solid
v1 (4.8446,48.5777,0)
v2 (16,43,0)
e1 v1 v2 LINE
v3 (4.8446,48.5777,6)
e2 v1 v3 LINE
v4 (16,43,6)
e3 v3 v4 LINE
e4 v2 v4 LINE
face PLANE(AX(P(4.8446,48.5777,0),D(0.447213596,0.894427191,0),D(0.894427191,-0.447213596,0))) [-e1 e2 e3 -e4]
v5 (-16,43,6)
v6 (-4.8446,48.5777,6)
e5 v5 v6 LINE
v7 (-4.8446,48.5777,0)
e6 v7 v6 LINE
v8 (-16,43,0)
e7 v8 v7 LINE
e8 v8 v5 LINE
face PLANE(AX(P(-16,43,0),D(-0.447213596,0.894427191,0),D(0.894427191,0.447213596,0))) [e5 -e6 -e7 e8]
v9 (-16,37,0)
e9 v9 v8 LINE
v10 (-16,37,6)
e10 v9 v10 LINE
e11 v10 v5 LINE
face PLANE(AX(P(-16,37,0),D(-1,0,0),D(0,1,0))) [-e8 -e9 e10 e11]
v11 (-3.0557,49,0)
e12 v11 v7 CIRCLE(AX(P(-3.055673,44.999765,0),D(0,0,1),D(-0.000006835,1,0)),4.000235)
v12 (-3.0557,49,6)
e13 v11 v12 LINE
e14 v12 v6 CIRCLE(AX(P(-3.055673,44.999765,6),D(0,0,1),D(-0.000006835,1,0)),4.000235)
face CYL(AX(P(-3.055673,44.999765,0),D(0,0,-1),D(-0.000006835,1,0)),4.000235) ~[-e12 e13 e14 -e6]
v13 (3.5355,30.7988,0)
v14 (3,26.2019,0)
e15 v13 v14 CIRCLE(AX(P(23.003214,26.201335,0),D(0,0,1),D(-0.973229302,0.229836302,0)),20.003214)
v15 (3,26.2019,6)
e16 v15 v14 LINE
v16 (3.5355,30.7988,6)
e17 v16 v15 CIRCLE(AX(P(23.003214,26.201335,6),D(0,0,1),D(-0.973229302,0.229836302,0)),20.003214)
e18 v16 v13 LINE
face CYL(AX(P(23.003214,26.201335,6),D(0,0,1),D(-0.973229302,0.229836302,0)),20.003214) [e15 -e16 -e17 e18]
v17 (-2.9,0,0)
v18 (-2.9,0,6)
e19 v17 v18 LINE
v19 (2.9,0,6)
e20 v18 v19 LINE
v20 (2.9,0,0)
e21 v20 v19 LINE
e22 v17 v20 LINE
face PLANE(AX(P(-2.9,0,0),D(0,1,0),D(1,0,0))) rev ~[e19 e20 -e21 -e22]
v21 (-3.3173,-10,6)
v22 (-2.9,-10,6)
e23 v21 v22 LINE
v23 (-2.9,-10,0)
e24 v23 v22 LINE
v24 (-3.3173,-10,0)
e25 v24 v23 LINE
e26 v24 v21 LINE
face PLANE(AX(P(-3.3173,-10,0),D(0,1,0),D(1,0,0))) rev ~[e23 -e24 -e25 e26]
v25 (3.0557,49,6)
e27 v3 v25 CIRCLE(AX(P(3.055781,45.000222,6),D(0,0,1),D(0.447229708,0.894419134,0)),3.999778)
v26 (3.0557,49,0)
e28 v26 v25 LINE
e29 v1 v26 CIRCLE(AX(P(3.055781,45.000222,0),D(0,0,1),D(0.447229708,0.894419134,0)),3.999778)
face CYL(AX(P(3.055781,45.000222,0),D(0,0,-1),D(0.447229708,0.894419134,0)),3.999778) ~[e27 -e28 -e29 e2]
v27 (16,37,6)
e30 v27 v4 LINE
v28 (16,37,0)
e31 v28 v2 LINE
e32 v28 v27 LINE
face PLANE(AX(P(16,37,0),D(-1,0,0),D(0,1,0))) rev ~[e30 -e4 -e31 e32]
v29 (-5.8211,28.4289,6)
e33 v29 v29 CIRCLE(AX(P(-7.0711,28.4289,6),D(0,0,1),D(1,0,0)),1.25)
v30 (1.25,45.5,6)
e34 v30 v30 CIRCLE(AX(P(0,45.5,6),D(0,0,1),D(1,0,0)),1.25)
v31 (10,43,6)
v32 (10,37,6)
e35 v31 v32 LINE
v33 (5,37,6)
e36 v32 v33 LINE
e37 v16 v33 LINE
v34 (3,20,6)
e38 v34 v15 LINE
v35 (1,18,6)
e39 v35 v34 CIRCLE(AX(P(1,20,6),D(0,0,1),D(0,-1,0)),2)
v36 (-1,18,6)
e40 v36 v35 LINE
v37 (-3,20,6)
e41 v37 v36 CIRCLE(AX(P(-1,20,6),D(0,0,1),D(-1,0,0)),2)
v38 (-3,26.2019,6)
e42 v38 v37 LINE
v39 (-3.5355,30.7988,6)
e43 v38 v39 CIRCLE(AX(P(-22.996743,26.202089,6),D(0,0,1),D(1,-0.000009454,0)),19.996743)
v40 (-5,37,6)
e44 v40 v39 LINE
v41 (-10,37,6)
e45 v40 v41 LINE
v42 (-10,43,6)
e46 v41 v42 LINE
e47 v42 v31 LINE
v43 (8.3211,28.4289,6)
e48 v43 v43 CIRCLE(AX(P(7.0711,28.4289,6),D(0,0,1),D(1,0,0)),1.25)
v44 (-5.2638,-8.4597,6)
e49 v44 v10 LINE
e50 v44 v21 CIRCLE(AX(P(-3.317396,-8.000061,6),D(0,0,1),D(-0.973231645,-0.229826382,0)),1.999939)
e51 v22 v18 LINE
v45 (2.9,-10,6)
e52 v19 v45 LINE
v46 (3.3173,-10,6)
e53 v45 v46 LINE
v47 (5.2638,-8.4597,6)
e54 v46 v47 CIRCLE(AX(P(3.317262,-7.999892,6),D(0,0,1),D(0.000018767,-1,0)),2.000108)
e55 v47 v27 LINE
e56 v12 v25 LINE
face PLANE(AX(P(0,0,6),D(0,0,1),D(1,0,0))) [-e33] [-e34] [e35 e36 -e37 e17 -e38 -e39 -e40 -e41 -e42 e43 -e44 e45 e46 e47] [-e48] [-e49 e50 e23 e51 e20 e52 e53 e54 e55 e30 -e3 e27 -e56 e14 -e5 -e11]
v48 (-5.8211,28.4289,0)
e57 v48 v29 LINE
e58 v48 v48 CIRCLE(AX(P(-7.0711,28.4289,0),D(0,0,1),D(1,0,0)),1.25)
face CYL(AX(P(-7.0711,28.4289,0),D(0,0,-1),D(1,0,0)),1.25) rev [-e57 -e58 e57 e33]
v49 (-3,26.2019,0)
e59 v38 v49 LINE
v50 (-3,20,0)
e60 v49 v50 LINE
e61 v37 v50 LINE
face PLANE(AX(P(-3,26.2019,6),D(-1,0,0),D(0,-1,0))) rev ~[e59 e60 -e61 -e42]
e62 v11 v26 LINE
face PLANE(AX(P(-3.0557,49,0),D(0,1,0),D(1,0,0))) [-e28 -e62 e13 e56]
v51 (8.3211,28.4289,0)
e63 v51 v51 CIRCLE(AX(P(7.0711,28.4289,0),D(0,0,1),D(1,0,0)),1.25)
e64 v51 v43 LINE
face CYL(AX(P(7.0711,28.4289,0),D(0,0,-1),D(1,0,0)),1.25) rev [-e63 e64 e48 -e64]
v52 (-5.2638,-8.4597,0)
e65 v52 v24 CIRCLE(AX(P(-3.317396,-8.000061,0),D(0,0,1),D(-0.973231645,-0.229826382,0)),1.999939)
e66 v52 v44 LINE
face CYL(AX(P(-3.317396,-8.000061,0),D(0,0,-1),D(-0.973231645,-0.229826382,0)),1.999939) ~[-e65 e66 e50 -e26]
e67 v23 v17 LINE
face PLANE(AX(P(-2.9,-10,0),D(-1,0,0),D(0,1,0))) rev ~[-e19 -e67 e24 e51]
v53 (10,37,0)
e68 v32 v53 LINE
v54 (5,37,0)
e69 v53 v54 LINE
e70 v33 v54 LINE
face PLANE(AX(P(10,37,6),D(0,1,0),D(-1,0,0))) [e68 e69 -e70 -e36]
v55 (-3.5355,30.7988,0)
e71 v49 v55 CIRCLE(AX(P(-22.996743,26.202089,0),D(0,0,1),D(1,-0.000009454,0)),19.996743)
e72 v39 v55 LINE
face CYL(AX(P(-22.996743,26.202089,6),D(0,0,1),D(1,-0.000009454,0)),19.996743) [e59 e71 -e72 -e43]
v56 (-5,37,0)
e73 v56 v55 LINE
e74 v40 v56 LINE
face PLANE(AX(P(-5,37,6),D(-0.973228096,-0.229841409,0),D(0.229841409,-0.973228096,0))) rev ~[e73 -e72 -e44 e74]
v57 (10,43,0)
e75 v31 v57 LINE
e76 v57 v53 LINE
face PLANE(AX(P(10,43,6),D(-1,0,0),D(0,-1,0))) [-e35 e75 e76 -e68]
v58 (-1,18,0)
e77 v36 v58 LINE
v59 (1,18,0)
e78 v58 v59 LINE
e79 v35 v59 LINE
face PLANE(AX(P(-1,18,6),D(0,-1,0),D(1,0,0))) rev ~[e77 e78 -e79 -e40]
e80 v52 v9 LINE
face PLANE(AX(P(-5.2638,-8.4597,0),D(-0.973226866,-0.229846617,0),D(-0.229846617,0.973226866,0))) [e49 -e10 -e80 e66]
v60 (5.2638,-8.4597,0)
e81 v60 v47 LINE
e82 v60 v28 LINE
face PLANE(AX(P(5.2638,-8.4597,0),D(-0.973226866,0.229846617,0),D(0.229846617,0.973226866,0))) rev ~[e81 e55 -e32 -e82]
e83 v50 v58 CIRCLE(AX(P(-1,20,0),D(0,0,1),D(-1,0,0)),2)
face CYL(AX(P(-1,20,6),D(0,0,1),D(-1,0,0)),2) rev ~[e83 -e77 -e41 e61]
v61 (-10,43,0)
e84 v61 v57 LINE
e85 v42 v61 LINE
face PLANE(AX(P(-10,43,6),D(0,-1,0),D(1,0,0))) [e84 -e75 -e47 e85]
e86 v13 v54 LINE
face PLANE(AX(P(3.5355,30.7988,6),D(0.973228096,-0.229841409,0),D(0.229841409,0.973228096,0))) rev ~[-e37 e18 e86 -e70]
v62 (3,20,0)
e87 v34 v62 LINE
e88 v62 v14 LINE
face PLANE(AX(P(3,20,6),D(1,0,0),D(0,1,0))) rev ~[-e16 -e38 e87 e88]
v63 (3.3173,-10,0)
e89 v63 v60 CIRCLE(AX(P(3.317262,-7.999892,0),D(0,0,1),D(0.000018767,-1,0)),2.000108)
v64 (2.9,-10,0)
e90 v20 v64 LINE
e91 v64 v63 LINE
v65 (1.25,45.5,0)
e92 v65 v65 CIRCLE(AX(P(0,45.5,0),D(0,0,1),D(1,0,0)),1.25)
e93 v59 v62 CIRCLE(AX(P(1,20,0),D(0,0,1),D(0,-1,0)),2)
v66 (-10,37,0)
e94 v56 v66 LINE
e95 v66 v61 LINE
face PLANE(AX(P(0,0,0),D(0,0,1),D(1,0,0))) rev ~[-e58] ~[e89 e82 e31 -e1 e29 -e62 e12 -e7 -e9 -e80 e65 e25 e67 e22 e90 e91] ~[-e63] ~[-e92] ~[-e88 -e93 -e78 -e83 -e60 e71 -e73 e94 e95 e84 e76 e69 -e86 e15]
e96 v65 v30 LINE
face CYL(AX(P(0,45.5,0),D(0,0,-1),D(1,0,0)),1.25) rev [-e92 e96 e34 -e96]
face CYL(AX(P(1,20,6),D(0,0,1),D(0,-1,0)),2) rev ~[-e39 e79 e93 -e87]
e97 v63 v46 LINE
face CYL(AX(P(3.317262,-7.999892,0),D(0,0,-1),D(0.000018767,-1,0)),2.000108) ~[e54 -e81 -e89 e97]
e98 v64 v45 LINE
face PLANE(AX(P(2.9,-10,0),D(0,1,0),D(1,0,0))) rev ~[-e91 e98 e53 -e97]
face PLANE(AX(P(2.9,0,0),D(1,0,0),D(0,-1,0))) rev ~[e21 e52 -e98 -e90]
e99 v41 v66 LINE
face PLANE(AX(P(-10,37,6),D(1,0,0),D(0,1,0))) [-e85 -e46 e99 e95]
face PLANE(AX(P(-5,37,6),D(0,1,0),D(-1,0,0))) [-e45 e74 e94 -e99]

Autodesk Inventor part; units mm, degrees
ref_plane "YZ Plane" through (0, 0, 0) normal (1, 0, 0) x (0, 1, 0)
ref_plane "XZ Plane" through (0, 0, 0) normal (0, 1, 0) x (-1, 0, 0)
ref_plane "XY Plane" through (0, 0, 0) normal (0, 0, 1) x (1, 0, 0)
sketch "Sketch1" plane through (0, 0, 0) normal (0, 0, 1) x (1, 0, 0)
  circle A0 centre (0, 35.5) radius 10 construction
  line L0 (-2.9, -10) -> (-2.9, 0)
  line L1 (-2.9, 0) -> (2.9, 0)
  line L2 (2.9, 0) -> (2.9, -10)
  line L3 (-3.3173, -10) -> (-2.9, -10)
  line L4 (2.9, -10) -> (3.3173, -10)
  circle A1 centre (-7.0711, 28.4289) radius 1.25
  circle A2 centre (7.0711, 28.4289) radius 1.25
  circle A3 centre (0, 45.5) radius 1.25
  line L5 (-16, 37) -> (-16, 43)
  line L6 (16, 37) -> (16, 43)
  line L7 (-5.2638, -8.4597) -> (-16, 37)
  line L8 (5.2638, -8.4597) -> (16, 37)
  line L9 (-16, 43) -> (-4.8446, 48.5777)
  line L10 (-3.0557, 49) -> (3.0557, 49)
  line L11 (4.8446, 48.5777) -> (16, 43)
  arc A4 (-3.0557, 49) -> (-4.8446, 48.5777) centre (-3.0557, 45) ccw
  arc A5 (4.8446, 48.5777) -> (3.0557, 49) centre (3.0557, 45) ccw
  line L12 (0, 49) -> (0, 0) construction
  line L13 (-7.0711, 28.4289) -> (0, 35.5) construction
  line L14 (0, 35.5) -> (7.0711, 28.4289) construction
  arc A6 (-5.2638, -8.4597) -> (-3.3173, -10) centre (-3.3173, -8) ccw
  arc A7 (3.3173, -10) -> (5.2638, -8.4597) centre (3.3173, -8) ccw
  point P0 (0, 43)
  point P1 (4.9, -10)
  point P2 (-4.9, -10)
  point P3 (0, 43)
  point P4 (-4, 49)
  point P5 (4, 49)
  dimension "d69" = 20
  dimension "d88" = 5.8
  dimension "d95" = 2
  dimension "d96" = 2
  dimension "d97" = 10
  dimension "d98" = 10
  dimension "d109" = 43
  dimension "d112" = 2.5
  dimension "d113" = 2.5
  dimension "d114" = 2.5
  dimension "d123" = 32
  dimension "d126" = 8
  dimension "d127" = 4
  dimension "d144" = 16
  dimension "d145" = 35.5
  dimension "d153" = 6
  dimension "d155" = 6
  dimension "d156" = 135
  dimension "d163" = 2
extrude "Extrusion7" add sketch "Sketch1" along normal blind 6
sketch "Sketch3" plane through (0, 0, 6) normal (0, 0, 1) x (1, 0, 0)
  line L0 (16, 37) -> (16, 43) projected
  line L1 (-16, 43) -> (-16, 37) projected
  line L2 (-10, 43) -> (10, 43)
  line L3 (10, 43) -> (10, 37)
  line L4 (-10, 37) -> (-10, 43)
  line L5 (10, 37) -> (5, 37)
  line L6 (-5, 37) -> (-10, 37)
  line L7 (5.2638, -8.4597) -> (16, 37) projected
  line L8 (-16, 37) -> (-5.2638, -8.4597) projected
  circle A0 centre (0, 45.5) radius 1.25 projected
  circle A1 centre (7.0711, 28.4289) radius 1.25 projected
  circle A2 centre (-7.0711, 28.4289) radius 1.25 projected
  line L9 (3.0557, 49) -> (-3.0557, 49) projected
  line L10 (0, 45.5) -> (0, 35.4997) construction
  line L11 (-7.0711, 28.4289) -> (0, 35.5003) construction
  line L12 (7.0711, 28.4289) -> (0, 35.4997) construction
  line L13 (-5, 37) -> (-3.5355, 30.7988)
  line L14 (-3, 26.2019) -> (-3, 20)
  line L15 (-1, 18) -> (1, 18)
  line L16 (3, 20) -> (3, 26.2019)
  line L17 (3.5355, 30.7988) -> (5, 37)
  arc A3 (-3, 26.2019) -> (-3.5355, 30.7988) centre (-23, 26.2019) ccw
  arc A4 (3.5355, 30.7988) -> (3, 26.2019) centre (23, 26.2019) ccw
  arc A5 (-3, 20) -> (-1, 18) centre (-1, 20) ccw
  arc A6 (1, 18) -> (3, 20) centre (1, 20) ccw
  point P0 (0, 0)
  point P1 (4.9, -10)
  point P2 (-4.9, -10)
  point P3 (0, 18)
  dimension "d132" = 6
  dimension "d134" = 6
  dimension "d135" = 6
  dimension "d148" = 5
  dimension "d149" = 5
  dimension "d157" = 25
  dimension "d160" = 6
  dimension "d161" = 20
  dimension "d162" = 2
extrude "Extrusion8" cut sketch "Sketch3" against normal through all contours L2 L3 L5 L17 A4 L16 A6 L15 A5 L14 A3 L13 L6 L4
properties part number "Vertical Motor Mount 27020914"
